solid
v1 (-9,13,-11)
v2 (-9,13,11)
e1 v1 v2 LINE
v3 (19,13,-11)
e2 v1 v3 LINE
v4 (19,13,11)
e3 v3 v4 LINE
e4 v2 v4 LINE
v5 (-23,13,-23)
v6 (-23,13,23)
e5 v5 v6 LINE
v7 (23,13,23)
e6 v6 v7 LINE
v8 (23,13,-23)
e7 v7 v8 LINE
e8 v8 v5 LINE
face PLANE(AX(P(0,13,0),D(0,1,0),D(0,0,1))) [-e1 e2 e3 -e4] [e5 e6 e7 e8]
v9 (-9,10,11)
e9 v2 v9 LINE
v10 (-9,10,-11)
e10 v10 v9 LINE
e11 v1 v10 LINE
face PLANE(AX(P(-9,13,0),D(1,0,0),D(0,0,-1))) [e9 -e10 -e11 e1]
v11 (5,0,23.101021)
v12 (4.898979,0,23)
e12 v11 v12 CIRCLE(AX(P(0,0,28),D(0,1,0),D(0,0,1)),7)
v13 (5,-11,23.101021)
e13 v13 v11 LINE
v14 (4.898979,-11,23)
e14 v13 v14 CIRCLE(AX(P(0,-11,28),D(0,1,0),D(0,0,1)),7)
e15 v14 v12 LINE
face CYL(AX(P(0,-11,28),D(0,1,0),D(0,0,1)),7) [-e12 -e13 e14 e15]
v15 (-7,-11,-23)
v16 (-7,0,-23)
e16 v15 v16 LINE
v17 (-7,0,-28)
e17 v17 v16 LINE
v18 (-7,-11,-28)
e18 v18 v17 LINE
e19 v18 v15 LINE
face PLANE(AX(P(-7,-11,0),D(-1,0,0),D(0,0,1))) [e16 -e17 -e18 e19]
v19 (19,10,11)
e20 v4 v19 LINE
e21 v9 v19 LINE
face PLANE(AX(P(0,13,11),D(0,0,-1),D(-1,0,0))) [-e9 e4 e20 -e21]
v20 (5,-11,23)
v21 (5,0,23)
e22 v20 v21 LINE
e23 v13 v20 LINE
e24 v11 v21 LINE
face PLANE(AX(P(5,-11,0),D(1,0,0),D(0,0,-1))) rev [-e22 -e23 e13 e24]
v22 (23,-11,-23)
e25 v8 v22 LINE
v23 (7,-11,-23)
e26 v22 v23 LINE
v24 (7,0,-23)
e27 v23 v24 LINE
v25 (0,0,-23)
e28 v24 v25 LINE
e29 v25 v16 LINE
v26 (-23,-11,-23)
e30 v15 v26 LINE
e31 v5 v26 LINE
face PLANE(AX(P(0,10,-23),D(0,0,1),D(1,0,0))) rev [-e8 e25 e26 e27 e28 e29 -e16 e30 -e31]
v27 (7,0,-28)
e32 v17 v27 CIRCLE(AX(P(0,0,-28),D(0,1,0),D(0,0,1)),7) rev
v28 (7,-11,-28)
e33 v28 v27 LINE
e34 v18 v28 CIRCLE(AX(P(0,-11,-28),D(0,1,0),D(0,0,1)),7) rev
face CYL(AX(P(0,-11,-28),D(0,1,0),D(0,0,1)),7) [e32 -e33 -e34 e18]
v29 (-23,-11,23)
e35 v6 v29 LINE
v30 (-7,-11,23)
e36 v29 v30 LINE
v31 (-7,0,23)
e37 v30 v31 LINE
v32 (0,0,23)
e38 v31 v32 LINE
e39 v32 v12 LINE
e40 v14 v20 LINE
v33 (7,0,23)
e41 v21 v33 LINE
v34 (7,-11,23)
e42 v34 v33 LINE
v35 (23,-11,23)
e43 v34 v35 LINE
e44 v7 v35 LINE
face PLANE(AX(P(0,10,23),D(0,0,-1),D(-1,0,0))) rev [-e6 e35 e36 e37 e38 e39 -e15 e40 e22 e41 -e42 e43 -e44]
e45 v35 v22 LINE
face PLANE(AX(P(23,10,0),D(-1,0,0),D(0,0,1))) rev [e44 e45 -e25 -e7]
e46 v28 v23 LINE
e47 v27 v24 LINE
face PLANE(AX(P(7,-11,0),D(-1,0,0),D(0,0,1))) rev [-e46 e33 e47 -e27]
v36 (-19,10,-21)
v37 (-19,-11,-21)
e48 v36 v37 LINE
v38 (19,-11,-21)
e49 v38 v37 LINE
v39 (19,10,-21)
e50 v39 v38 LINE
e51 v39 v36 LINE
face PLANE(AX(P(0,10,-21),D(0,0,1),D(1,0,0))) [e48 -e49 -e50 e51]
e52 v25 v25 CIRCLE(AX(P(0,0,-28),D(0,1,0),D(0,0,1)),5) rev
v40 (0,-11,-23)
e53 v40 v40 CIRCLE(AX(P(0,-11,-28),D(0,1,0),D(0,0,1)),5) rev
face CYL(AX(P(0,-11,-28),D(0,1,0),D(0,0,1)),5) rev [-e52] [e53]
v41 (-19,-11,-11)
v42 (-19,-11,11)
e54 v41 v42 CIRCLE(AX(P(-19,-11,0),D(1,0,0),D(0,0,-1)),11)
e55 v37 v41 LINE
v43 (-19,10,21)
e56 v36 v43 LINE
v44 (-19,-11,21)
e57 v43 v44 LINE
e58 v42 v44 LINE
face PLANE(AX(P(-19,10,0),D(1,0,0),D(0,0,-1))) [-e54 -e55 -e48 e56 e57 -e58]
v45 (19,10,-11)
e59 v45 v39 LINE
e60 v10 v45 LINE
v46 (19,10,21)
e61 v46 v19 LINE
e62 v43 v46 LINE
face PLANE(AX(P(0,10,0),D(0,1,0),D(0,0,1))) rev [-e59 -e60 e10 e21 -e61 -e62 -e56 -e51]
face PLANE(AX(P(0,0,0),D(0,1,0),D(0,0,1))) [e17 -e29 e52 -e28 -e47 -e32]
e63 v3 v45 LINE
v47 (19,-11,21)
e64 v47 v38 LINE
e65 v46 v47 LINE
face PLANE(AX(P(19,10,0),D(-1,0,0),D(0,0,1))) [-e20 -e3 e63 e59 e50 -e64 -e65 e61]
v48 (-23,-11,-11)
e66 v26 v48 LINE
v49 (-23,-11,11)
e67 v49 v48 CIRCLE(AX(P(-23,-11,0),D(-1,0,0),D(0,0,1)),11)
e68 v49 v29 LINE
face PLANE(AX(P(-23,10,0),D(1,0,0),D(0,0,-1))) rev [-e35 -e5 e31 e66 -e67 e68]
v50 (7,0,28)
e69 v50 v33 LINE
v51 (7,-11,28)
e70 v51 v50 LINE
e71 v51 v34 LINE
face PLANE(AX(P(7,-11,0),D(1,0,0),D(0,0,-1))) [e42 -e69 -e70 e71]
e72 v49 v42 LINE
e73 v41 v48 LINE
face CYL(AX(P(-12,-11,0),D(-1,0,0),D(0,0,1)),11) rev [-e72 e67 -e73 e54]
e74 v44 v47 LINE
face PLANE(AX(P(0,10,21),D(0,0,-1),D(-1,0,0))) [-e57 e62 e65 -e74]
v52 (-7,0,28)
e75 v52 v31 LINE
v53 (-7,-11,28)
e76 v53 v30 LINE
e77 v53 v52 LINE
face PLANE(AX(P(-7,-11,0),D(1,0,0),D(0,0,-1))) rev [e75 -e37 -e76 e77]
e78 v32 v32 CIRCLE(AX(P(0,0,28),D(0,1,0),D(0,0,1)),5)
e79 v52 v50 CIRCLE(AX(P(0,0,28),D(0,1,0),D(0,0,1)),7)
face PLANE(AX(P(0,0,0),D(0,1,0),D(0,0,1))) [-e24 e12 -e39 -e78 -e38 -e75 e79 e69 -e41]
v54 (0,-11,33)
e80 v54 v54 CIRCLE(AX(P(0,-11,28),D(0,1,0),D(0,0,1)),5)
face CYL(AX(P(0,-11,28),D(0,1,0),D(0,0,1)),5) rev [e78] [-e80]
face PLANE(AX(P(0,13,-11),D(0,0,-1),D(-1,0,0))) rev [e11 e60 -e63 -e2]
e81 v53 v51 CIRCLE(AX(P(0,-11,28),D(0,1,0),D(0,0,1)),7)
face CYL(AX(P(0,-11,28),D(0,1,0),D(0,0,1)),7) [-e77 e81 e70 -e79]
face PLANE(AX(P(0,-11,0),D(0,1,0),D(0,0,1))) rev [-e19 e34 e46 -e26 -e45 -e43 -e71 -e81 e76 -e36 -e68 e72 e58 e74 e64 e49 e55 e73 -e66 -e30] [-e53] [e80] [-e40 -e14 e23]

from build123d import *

# Parameters (mm, degrees)
ESBO_O1_W                = 46
ESBO_O1_H                = 46
ESBO_O1_W_2              = 38
ESBO_O1_H_2              = 42
RESSALTO_EXTRUS_O1_DEPTH = 10
ESBO_O2_W                = 46
ESBO_O2_H                = 46
ESBO_O2_W_2              = 28
ESBO_O2_H_2              = 22
RESSALTO_EXTRUS_O2_DEPTH = 3
ESBO_O1_4_W              = 38
ESBO_O1_4_H              = 42
ESBO_O1_4_R              = 5
RESSALTO_EXTRUS_O3_DEPTH = 11
ESBO_O3_R                = 11
CORTE_EXTRUS_O1_DEPTH    = 11


with BuildPart() as part:
    # Esboço1 → Ressalto-extrusão1 (new body)
    with BuildSketch(Plane(origin=(0, 0, 0), x_dir=(1, 0, 0), z_dir=(0, 1, 0))):
        Rectangle(ESBO_O1_W, ESBO_O1_H)
        Rectangle(ESBO_O1_W_2, ESBO_O1_H_2, mode=Mode.SUBTRACT)
    extrude(amount=RESSALTO_EXTRUS_O1_DEPTH)

    # Esboço2 → Ressalto-extrusão2 (add)
    with BuildSketch(Plane(origin=(0, 10, 0), x_dir=(1, 0, 0), z_dir=(0, 1, 0))):
        Rectangle(ESBO_O2_W, ESBO_O2_H)
        with Locations((5, 0)):
            Rectangle(ESBO_O2_W_2, ESBO_O2_H_2, mode=Mode.SUBTRACT)
    extrude(amount=RESSALTO_EXTRUS_O2_DEPTH)

    # Esboço1<4> → Ressalto-extrusão3 (add)
    with BuildSketch(Plane(origin=(0, 0, 0), x_dir=(1, 0, 0), z_dir=(0, 1, 0))):
        with BuildLine():
            Line((-7, -23), (-7, -28))
            ThreePointArc((-7, -28), (0, -35), (7, -28))
            Line((7, -28), (7, -23))
            Line((7, -23), (23, -23))
            Line((23, -23), (23, 23))
            Line((23, 23), (7, 23))
            Line((7, 23), (7, 28))
            ThreePointArc((7, 28), (0, 35), (-7, 28))
            Line((-7, 28), (-7, 23))
            Line((-7, 23), (-23, 23))
            Line((-23, 23), (-23, -23))
            Line((-23, -23), (-7, -23))
        make_face()
        Rectangle(ESBO_O1_4_W, ESBO_O1_4_H, mode=Mode.SUBTRACT)
        with BuildLine():
            Line((4.898979486, -23), (5, -23))
            Line((5, -23), (5, -23.101020514))
            ThreePointArc((5, -23.101020514), (4.949747468, -23.050252532), (4.898979486, -23))
        make_face(mode=Mode.SUBTRACT)
        with Locations((0, -28)):
            Circle(ESBO_O1_4_R, mode=Mode.SUBTRACT)
        with Locations((0, 28)):
            Circle(ESBO_O1_4_R, mode=Mode.SUBTRACT)
    extrude(amount=-RESSALTO_EXTRUS_O3_DEPTH)

    # Esboço3 → Corte-extrusão1 (cut)
    with BuildSketch(Plane.ZY.offset(23)):
        with Locations((0, -11)):
            Circle(ESBO_O3_R)
    extrude(amount=-CORTE_EXTRUS_O1_DEPTH, mode=Mode.SUBTRACT)


solid = part.part
